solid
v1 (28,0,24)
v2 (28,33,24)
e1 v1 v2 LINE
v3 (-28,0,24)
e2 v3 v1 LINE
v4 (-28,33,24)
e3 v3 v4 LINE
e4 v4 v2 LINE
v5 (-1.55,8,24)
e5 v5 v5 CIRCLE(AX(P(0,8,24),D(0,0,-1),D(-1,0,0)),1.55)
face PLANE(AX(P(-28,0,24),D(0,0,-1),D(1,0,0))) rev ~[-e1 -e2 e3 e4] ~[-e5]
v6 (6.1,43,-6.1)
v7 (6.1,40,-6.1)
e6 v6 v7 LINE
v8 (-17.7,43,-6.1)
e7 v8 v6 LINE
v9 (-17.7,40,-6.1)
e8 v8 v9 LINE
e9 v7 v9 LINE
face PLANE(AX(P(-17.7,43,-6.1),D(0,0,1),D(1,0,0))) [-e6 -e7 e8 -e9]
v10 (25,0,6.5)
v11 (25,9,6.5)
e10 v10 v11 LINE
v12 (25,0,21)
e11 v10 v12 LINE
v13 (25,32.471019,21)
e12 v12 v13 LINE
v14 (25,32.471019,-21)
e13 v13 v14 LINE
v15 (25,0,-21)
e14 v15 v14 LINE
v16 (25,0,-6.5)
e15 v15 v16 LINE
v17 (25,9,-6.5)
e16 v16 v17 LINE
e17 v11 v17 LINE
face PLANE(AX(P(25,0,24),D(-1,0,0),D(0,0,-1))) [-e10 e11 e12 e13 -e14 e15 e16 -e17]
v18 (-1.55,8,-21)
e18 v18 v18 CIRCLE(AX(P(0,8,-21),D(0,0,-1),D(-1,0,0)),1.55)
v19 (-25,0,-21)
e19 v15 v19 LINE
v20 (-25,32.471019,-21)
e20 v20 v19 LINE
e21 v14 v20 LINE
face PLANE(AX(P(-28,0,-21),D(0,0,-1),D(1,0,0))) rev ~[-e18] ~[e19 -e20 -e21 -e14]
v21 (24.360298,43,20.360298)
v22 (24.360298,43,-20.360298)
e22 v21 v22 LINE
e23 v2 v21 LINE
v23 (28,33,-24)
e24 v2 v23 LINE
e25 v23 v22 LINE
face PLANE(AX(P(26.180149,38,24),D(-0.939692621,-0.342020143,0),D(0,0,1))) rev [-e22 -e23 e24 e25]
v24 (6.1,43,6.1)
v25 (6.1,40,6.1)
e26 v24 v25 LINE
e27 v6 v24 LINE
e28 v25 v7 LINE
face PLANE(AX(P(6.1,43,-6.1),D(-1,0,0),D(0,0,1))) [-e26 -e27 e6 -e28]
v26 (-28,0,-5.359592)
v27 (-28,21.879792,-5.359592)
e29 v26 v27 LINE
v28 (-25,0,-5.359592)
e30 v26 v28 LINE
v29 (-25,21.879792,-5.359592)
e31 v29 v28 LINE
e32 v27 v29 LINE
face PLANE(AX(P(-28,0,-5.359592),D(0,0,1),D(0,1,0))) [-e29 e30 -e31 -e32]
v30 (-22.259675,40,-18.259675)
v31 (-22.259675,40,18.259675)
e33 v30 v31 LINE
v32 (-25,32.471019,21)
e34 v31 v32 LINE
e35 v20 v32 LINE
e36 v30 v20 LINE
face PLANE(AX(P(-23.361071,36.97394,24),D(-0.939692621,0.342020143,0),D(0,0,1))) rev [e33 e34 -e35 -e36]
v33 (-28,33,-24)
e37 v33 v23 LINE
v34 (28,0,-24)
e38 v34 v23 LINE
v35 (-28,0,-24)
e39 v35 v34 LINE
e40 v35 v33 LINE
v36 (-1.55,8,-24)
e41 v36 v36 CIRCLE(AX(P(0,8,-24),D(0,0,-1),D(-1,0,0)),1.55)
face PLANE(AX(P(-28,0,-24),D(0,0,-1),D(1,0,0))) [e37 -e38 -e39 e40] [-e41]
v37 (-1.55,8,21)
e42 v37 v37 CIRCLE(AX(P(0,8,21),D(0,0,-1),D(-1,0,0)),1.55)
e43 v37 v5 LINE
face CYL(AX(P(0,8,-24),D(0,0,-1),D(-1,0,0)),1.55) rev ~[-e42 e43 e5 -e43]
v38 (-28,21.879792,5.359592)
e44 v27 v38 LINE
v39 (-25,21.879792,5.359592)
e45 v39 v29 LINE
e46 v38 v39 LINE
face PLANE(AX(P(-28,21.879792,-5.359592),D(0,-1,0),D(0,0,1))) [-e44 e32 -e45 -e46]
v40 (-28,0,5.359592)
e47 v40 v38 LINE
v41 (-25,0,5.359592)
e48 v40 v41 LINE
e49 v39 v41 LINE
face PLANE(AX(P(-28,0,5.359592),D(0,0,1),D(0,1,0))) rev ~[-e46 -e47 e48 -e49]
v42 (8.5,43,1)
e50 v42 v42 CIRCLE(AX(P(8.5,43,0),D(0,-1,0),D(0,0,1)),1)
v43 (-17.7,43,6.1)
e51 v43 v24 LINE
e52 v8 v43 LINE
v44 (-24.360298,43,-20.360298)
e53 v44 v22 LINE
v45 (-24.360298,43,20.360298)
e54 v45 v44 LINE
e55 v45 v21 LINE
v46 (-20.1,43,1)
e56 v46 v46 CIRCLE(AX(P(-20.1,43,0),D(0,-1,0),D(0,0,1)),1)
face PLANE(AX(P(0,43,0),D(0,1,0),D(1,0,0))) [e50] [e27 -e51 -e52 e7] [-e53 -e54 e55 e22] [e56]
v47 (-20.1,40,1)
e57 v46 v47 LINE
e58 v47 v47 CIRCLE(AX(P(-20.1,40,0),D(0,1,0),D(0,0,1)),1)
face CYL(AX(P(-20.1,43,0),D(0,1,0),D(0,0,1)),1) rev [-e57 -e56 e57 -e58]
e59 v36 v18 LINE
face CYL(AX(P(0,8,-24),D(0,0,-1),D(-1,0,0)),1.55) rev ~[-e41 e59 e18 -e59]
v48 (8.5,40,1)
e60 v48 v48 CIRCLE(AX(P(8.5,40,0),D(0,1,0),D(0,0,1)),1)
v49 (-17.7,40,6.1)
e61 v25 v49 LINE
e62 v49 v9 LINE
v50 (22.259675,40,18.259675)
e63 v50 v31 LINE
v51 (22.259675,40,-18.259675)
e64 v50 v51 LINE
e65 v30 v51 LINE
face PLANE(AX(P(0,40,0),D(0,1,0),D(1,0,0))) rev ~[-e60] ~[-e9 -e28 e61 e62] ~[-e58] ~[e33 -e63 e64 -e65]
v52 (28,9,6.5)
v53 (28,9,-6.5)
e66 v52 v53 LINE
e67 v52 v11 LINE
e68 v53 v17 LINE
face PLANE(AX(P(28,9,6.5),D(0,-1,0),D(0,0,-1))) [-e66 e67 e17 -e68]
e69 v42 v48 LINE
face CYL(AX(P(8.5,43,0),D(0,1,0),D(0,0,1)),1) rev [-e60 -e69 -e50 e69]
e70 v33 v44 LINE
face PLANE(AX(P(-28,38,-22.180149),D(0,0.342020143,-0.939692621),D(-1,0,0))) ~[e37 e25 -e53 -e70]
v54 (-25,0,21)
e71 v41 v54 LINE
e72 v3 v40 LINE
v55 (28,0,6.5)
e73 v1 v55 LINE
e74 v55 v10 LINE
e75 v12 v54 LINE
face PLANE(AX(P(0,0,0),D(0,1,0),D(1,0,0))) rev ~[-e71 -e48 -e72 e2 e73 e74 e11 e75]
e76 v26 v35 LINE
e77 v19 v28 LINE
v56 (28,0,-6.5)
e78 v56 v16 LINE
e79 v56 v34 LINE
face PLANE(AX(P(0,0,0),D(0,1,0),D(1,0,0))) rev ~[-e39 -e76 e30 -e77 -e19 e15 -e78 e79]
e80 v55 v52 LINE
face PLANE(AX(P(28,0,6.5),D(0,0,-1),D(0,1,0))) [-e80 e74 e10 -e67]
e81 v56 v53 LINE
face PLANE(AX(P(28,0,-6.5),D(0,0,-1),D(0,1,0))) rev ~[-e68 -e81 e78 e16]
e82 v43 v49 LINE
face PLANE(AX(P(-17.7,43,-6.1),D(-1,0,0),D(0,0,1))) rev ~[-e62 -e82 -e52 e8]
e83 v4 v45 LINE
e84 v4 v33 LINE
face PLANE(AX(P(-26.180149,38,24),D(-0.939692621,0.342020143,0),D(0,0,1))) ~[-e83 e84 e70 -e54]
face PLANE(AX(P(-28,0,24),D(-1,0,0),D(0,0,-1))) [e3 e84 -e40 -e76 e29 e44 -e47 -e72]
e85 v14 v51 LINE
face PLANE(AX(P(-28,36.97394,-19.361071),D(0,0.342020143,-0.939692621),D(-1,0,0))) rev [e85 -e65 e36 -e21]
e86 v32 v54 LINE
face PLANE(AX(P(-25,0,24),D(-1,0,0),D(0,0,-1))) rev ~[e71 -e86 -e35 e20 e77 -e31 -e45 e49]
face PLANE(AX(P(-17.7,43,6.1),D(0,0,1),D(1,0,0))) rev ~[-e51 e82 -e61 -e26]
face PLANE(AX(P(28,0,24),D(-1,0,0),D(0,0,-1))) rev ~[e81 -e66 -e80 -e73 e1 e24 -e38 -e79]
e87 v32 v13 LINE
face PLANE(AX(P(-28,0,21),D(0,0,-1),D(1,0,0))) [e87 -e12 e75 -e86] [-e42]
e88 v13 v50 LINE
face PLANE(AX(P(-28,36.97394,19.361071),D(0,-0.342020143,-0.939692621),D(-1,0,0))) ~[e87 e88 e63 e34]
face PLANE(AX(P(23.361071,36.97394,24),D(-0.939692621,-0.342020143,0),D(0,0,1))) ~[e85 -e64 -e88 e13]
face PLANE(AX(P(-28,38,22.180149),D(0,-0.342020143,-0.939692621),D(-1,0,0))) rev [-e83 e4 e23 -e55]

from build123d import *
from OCP.BRepFilletAPI import BRepFilletAPI_MakeChamfer

# Parameters (mm, degrees)
SKETCH_47_W         = 56
SKETCH_47_H         = 48
EXTRUDE_4_DEPTH     = 43
CHAMFER_1_SIZE      = 10
CHAMFER_1_SIZE2     = 3.639702343
SHELL_1_T           = -3
CUT_EXTRUDE_3_REACH = 86.392
SKETCH_48_R         = 1
SKETCH_48_W         = 23.8
SKETCH_48_H         = 12.2
SKETCH_49_R         = 1.55
CUT_EXTRUDE_4_DEPTH = 71.263788682
CUT_EXTRUDE_5_REACH = 76.572
SKETCH_50_W         = 13
SKETCH_50_H         = 9
CUT_EXTRUDE_6_REACH = 76.572
SKETCH_51_W         = 10.719183514
SKETCH_51_H         = 21.879791556


with BuildPart() as part:
    # 草图47 → 凸台-拉伸4 (new body)
    with BuildSketch(Plane(origin=(0, 0, 0), x_dir=(1, 0, 0), z_dir=(0, 1, 0))):
        Rectangle(SKETCH_47_W, SKETCH_47_H)
    extrude(amount=EXTRUDE_4_DEPTH)

    # 倒角1: one chamfer whose edges measure the first distance from different faces: ONE call of the kernel's chamfer builder (chamfer() names one face for all edges)
    chamfer_1_edges_1 = [part.edges().sort_by_distance(p)[0] for p in [
        (28, 43, 0),
    ]]
    chamfer_1_side_1 = [part.faces().sort_by_distance(p)[0] for p in [
        (28, 21.5, 0),
    ]]
    chamfer_1_edges_2 = [part.edges().sort_by_distance(p)[0] for p in [
        (0, 43, -24),
    ]]
    chamfer_1_side_2 = [part.faces().sort_by_distance(p)[0] for p in [
        (0, 21.5, -24),
    ]]
    chamfer_1_edges_3 = [part.edges().sort_by_distance(p)[0] for p in [
        (-28, 43, 0),
    ]]
    chamfer_1_side_3 = [part.faces().sort_by_distance(p)[0] for p in [
        (-28, 21.5, 0),
    ]]
    chamfer_1_edges_4 = [part.edges().sort_by_distance(p)[0] for p in [
        (0, 43, 24),
    ]]
    chamfer_1_side_4 = [part.faces().sort_by_distance(p)[0] for p in [
        (0, 21.5, 24),
    ]]
    chamfer_1 = BRepFilletAPI_MakeChamfer(part.part.solid().wrapped)
    for e in chamfer_1_edges_1:
        chamfer_1.Add(CHAMFER_1_SIZE, CHAMFER_1_SIZE2, e.wrapped, chamfer_1_side_1[0].wrapped)  # the first distance lies on this face
    for e in chamfer_1_edges_2:
        chamfer_1.Add(CHAMFER_1_SIZE, CHAMFER_1_SIZE2, e.wrapped, chamfer_1_side_2[0].wrapped)  # the first distance lies on this face
    for e in chamfer_1_edges_3:
        chamfer_1.Add(CHAMFER_1_SIZE, CHAMFER_1_SIZE2, e.wrapped, chamfer_1_side_3[0].wrapped)  # the first distance lies on this face
    for e in chamfer_1_edges_4:
        chamfer_1.Add(CHAMFER_1_SIZE, CHAMFER_1_SIZE2, e.wrapped, chamfer_1_side_4[0].wrapped)  # the first distance lies on this face
    add(Compound.cast(chamfer_1.Shape()), mode=Mode.REPLACE)

    # 抽壳1
    shell_1_openings = [part.faces().sort_by_distance(p)[0] for p in [
        (0, 0, 0),
    ]]
    offset(amount=SHELL_1_T, openings=shell_1_openings, kind=Kind.INTERSECTION)

    # 草图48 → 切除-拉伸3 (cut, up to next)
    with BuildSketch(Plane(origin=(0, 43, -43), x_dir=(1, 0, 0), z_dir=(0, -1, 0)), mode=Mode.PRIVATE) as cut_extrude_3_sk1:
        with Locations(Location((-20.1, 43, 0), (0, 0, 90))):
            Circle(SKETCH_48_R)
    cut_extrude_3_tool1 = extrude(cut_extrude_3_sk1.sketch, amount=CUT_EXTRUDE_3_REACH, mode=Mode.PRIVATE) & part.part
    # 草图48 → 切除-拉伸3 (cut, up to next)
    with BuildSketch(Plane(origin=(0, 43, -43), x_dir=(1, 0, 0), z_dir=(0, -1, 0)), mode=Mode.PRIVATE) as cut_extrude_3_sk2:
        with Locations(Location((8.5, 43, 0), (0, 0, 90))):
            Circle(SKETCH_48_R)
    cut_extrude_3_tool2 = extrude(cut_extrude_3_sk2.sketch, amount=CUT_EXTRUDE_3_REACH, mode=Mode.PRIVATE) & part.part
    # 草图48 → 切除-拉伸3 (cut, up to next)
    with BuildSketch(Plane(origin=(0, 43, -43), x_dir=(1, 0, 0), z_dir=(0, -1, 0)), mode=Mode.PRIVATE) as cut_extrude_3_sk3:
        with Locations((-5.8, 43)):
            Rectangle(SKETCH_48_W, SKETCH_48_H)
    cut_extrude_3_tool3 = extrude(cut_extrude_3_sk3.sketch, amount=CUT_EXTRUDE_3_REACH, mode=Mode.PRIVATE) & part.part
    add(cut_extrude_3_tool1.solids().sort_by_distance((-20.1, 43, 0))[0], mode=Mode.SUBTRACT)
    add(cut_extrude_3_tool2.solids().sort_by_distance((8.5, 43, 0))[0], mode=Mode.SUBTRACT)
    add(cut_extrude_3_tool3.solids().sort_by_distance((-5.8, 43, 0))[0], mode=Mode.SUBTRACT)

    # 草图49 → 切除-拉伸4 (cut, through all)
    with BuildSketch(Plane(origin=(0, 0, -24), x_dir=(-1, 0, 0), z_dir=(0, 0, -1))):
        with Locations((0, 8)):
            Circle(SKETCH_49_R)
    extrude(amount=-CUT_EXTRUDE_4_DEPTH, mode=Mode.SUBTRACT)

    # 草图50 → 切除-拉伸5 (cut, up to next)
    with BuildSketch(Plane(origin=(28, 0, 0), x_dir=(0, 0, -1), z_dir=(1, 0, 0)), mode=Mode.PRIVATE) as cut_extrude_5_sk1:
        with Locations((0, 4.5)):
            Rectangle(SKETCH_50_W, SKETCH_50_H)
    cut_extrude_5_tool1 = extrude(cut_extrude_5_sk1.sketch, amount=-CUT_EXTRUDE_5_REACH, mode=Mode.PRIVATE) & part.part
    add(cut_extrude_5_tool1.solids().sort_by_distance((28, 4.5, 0))[0], mode=Mode.SUBTRACT)

    # 草图51 → 切除-拉伸6 (cut, up to next)
    with BuildSketch(Plane.ZY.offset(28), mode=Mode.PRIVATE) as cut_extrude_6_sk1:
        with Locations((0, 10.939895778)):
            Rectangle(SKETCH_51_W, SKETCH_51_H)
    cut_extrude_6_tool1 = extrude(cut_extrude_6_sk1.sketch, amount=-CUT_EXTRUDE_6_REACH, mode=Mode.PRIVATE) & part.part
    add(cut_extrude_6_tool1.solids().sort_by_distance((-28, 10.939896, 0))[0], mode=Mode.SUBTRACT)


solid = part.part
